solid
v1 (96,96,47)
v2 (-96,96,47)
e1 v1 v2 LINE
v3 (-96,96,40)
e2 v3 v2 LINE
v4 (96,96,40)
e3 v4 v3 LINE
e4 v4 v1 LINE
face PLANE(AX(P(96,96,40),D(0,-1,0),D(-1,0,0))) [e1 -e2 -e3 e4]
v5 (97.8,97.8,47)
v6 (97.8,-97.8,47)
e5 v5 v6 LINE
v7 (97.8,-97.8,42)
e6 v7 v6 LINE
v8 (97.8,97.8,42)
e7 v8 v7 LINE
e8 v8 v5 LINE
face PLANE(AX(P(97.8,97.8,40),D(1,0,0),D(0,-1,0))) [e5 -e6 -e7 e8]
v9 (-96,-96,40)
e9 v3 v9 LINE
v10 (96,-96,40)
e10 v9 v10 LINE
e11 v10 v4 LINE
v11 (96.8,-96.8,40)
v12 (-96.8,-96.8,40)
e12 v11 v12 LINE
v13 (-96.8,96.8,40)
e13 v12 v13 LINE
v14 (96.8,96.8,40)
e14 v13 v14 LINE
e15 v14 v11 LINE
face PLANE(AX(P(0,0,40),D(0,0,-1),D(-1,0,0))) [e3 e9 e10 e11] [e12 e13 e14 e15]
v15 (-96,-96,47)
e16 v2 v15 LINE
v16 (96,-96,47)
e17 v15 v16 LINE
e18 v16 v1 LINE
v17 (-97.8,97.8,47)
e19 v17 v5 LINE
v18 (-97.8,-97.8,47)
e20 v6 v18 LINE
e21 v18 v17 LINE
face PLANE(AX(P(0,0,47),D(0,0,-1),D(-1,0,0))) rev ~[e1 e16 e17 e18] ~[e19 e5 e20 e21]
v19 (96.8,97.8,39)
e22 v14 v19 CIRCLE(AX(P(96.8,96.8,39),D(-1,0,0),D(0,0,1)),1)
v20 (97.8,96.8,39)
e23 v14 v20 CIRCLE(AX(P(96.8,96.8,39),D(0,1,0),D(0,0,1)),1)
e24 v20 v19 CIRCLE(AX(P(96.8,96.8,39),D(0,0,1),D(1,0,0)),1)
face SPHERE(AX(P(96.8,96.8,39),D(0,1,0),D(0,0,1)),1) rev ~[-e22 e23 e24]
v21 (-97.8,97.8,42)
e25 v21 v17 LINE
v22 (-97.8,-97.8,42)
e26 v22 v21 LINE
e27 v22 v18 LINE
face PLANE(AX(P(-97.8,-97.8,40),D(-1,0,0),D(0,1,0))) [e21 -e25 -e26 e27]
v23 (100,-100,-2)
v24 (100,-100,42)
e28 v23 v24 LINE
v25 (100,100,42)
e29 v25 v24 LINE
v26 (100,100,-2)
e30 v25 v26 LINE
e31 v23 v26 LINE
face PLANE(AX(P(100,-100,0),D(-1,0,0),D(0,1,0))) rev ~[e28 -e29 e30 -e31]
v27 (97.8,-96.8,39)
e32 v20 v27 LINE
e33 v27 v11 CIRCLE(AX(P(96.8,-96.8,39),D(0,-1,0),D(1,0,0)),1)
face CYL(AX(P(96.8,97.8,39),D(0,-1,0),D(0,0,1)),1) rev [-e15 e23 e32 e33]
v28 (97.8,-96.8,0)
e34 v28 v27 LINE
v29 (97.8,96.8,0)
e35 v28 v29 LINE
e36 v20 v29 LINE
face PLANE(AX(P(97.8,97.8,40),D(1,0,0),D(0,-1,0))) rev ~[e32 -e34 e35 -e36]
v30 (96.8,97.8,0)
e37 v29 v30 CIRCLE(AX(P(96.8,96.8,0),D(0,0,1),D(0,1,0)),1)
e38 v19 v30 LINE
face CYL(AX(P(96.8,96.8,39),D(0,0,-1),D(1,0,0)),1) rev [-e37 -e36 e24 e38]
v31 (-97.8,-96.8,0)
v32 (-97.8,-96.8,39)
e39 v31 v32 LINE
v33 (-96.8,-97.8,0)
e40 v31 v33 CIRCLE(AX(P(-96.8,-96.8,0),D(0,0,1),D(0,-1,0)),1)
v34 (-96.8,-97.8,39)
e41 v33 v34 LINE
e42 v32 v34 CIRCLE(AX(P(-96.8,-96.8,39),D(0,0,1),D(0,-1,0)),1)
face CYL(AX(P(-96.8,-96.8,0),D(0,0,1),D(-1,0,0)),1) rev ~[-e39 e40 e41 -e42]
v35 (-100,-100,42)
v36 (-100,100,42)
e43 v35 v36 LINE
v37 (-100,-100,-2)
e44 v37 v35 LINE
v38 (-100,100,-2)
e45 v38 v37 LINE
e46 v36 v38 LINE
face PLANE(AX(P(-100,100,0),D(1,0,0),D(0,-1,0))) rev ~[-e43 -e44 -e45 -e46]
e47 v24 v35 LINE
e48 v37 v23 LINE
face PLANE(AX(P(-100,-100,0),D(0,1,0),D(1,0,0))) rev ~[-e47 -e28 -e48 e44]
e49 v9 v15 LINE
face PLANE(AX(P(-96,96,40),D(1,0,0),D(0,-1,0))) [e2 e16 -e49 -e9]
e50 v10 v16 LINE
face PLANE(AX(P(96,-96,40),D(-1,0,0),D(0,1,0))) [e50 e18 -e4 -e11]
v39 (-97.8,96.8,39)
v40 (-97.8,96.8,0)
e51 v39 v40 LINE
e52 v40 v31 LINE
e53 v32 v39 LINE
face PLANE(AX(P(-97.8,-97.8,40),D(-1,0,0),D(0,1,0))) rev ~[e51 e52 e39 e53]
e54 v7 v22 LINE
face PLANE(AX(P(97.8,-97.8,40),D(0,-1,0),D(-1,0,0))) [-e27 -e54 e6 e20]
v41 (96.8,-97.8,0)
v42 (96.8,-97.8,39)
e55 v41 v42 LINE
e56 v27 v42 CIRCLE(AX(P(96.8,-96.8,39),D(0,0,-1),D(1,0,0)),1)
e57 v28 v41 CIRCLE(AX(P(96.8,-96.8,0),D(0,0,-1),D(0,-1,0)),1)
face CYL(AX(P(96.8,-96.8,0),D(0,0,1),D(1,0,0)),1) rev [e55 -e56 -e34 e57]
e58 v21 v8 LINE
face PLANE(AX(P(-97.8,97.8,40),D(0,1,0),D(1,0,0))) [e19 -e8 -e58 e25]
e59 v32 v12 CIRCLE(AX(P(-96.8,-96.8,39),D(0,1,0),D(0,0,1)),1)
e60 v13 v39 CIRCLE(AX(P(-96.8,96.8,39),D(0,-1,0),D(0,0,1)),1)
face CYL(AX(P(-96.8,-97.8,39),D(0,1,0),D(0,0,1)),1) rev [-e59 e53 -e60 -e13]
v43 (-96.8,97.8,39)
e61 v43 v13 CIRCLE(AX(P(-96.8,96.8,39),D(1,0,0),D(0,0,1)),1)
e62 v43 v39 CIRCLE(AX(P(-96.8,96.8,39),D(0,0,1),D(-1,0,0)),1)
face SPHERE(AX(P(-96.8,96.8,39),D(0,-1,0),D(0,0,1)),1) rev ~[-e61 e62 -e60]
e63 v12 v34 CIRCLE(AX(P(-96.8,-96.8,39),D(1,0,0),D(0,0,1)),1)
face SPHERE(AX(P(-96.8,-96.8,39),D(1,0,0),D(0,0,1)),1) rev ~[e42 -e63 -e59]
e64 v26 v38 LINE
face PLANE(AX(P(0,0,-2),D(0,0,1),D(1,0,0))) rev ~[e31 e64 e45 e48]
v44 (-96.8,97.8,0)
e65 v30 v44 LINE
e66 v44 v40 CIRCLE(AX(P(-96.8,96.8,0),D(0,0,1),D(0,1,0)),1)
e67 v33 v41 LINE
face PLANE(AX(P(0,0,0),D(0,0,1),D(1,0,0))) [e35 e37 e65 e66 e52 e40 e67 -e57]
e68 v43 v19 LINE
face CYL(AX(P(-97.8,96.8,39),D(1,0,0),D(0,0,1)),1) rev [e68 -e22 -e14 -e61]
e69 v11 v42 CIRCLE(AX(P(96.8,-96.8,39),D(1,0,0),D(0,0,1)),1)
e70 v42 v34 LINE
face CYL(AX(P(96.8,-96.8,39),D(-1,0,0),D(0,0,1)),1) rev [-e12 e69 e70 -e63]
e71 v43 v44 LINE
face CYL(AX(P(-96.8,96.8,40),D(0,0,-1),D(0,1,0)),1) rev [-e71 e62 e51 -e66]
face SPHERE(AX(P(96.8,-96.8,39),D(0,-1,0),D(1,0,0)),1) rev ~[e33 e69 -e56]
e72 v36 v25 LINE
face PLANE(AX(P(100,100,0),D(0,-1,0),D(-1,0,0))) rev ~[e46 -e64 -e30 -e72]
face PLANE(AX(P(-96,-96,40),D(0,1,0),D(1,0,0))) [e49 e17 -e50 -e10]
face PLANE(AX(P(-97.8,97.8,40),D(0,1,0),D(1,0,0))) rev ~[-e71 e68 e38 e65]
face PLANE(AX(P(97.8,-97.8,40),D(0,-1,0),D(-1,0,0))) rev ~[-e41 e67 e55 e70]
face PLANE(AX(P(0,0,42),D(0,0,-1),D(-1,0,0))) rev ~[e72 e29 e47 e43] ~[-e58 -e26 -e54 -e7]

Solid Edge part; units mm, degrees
sketch "Sketch1" plane through (0, 0, 0) normal (0, 0, 1) x (1, 0, 0)
  line L0 (-100, 100) -> (-100, -100)
  line L1 (-100, -100) -> (100, -100)
  line L2 (100, -100) -> (100, 100)
  line L3 (100, 100) -> (-100, 100)
extrude "Protrusion1" add sketch "Sketch1" along normal blind 40
sketch "Sketch2" plane through (0, 0, 0) normal (0, 0, 1) x (1, 0, 0)
  line L0 (-97.8, 97.8) -> (-97.8, -97.8)
  line L1 (-97.8, -97.8) -> (97.8, -97.8)
  line L2 (97.8, -97.8) -> (97.8, 97.8)
  line L3 (97.8, 97.8) -> (-97.8, 97.8)
extrude "ExtrudedCutout_1" cut sketch "Sketch2" along normal blind 45
sketch "Sketch3" plane through (0, 0, 0) normal (0, 0, 1) x (1, 0, 0)
  line L0 (-100, -100) -> (100, -100)
  line L1 (100, -100) -> (100, 100)
  line L2 (100, 100) -> (-100, 100)
  line L3 (-100, 100) -> (-100, -100)
extrude "Boden" add sketch "Sketch3" against normal blind 2
sketch "Sketch4" plane through (0, 0, 40) normal (0, 0, 1) x (0, -1, 0)
  line L0 (-97.8, -97.8) -> (-97.8, 97.8)
  line L1 (-97.8, 97.8) -> (97.8, 97.8)
  line L2 (97.8, 97.8) -> (97.8, -97.8)
  line L3 (97.8, -97.8) -> (-97.8, -97.8)
  line L4 (-100, -100) -> (-100, 100)
  line L5 (-100, 100) -> (100, 100)
  line L6 (100, 100) -> (100, -100)
  line L7 (100, -100) -> (-100, -100)
  dimension "D1" = 200
  dimension "D2" = 200
  dimension "D3" = 195.6
  dimension "D4" = 195.6
extrude "Verbindung" add sketch "Sketch4" along normal blind 2
sketch "Sketch5" plane through (0, 0, 40) normal (0, 0, 1) x (0, -1, 0)
  line L0 (-96, 96) -> (-96, -96)
  line L1 (-96, -96) -> (96, -96)
  line L2 (96, -96) -> (96, 96)
  line L3 (96, 96) -> (-96, 96)
  line L4 (-97.8, -97.8) -> (-97.8, 97.8)
  line L5 (-97.8, 97.8) -> (97.8, 97.8)
  line L6 (97.8, 97.8) -> (97.8, -97.8)
  line L7 (97.8, -97.8) -> (-97.8, -97.8)
  dimension "D1" = 192
  dimension "D2" = 192
extrude "ExtrudedProtrusion_7" add sketch "Sketch5" along normal blind 7
fillet "Round_1" radius 1 1 edges at (97.8, 0, 40)
fillet "Round_2" radius 1 9 edges at (-0.5, -97.8, 40) (97.5071, -97.8, 39.7071) (97.8, -97.8, 19.5) (-97.8, 0, 40) (-97.8, -97.8, 20) (-0.5, 97.8, 40) (97.5071, 97.8, 39.7071) (97.8, 97.8, 19.5) (-97.8, 97.8, 20)
